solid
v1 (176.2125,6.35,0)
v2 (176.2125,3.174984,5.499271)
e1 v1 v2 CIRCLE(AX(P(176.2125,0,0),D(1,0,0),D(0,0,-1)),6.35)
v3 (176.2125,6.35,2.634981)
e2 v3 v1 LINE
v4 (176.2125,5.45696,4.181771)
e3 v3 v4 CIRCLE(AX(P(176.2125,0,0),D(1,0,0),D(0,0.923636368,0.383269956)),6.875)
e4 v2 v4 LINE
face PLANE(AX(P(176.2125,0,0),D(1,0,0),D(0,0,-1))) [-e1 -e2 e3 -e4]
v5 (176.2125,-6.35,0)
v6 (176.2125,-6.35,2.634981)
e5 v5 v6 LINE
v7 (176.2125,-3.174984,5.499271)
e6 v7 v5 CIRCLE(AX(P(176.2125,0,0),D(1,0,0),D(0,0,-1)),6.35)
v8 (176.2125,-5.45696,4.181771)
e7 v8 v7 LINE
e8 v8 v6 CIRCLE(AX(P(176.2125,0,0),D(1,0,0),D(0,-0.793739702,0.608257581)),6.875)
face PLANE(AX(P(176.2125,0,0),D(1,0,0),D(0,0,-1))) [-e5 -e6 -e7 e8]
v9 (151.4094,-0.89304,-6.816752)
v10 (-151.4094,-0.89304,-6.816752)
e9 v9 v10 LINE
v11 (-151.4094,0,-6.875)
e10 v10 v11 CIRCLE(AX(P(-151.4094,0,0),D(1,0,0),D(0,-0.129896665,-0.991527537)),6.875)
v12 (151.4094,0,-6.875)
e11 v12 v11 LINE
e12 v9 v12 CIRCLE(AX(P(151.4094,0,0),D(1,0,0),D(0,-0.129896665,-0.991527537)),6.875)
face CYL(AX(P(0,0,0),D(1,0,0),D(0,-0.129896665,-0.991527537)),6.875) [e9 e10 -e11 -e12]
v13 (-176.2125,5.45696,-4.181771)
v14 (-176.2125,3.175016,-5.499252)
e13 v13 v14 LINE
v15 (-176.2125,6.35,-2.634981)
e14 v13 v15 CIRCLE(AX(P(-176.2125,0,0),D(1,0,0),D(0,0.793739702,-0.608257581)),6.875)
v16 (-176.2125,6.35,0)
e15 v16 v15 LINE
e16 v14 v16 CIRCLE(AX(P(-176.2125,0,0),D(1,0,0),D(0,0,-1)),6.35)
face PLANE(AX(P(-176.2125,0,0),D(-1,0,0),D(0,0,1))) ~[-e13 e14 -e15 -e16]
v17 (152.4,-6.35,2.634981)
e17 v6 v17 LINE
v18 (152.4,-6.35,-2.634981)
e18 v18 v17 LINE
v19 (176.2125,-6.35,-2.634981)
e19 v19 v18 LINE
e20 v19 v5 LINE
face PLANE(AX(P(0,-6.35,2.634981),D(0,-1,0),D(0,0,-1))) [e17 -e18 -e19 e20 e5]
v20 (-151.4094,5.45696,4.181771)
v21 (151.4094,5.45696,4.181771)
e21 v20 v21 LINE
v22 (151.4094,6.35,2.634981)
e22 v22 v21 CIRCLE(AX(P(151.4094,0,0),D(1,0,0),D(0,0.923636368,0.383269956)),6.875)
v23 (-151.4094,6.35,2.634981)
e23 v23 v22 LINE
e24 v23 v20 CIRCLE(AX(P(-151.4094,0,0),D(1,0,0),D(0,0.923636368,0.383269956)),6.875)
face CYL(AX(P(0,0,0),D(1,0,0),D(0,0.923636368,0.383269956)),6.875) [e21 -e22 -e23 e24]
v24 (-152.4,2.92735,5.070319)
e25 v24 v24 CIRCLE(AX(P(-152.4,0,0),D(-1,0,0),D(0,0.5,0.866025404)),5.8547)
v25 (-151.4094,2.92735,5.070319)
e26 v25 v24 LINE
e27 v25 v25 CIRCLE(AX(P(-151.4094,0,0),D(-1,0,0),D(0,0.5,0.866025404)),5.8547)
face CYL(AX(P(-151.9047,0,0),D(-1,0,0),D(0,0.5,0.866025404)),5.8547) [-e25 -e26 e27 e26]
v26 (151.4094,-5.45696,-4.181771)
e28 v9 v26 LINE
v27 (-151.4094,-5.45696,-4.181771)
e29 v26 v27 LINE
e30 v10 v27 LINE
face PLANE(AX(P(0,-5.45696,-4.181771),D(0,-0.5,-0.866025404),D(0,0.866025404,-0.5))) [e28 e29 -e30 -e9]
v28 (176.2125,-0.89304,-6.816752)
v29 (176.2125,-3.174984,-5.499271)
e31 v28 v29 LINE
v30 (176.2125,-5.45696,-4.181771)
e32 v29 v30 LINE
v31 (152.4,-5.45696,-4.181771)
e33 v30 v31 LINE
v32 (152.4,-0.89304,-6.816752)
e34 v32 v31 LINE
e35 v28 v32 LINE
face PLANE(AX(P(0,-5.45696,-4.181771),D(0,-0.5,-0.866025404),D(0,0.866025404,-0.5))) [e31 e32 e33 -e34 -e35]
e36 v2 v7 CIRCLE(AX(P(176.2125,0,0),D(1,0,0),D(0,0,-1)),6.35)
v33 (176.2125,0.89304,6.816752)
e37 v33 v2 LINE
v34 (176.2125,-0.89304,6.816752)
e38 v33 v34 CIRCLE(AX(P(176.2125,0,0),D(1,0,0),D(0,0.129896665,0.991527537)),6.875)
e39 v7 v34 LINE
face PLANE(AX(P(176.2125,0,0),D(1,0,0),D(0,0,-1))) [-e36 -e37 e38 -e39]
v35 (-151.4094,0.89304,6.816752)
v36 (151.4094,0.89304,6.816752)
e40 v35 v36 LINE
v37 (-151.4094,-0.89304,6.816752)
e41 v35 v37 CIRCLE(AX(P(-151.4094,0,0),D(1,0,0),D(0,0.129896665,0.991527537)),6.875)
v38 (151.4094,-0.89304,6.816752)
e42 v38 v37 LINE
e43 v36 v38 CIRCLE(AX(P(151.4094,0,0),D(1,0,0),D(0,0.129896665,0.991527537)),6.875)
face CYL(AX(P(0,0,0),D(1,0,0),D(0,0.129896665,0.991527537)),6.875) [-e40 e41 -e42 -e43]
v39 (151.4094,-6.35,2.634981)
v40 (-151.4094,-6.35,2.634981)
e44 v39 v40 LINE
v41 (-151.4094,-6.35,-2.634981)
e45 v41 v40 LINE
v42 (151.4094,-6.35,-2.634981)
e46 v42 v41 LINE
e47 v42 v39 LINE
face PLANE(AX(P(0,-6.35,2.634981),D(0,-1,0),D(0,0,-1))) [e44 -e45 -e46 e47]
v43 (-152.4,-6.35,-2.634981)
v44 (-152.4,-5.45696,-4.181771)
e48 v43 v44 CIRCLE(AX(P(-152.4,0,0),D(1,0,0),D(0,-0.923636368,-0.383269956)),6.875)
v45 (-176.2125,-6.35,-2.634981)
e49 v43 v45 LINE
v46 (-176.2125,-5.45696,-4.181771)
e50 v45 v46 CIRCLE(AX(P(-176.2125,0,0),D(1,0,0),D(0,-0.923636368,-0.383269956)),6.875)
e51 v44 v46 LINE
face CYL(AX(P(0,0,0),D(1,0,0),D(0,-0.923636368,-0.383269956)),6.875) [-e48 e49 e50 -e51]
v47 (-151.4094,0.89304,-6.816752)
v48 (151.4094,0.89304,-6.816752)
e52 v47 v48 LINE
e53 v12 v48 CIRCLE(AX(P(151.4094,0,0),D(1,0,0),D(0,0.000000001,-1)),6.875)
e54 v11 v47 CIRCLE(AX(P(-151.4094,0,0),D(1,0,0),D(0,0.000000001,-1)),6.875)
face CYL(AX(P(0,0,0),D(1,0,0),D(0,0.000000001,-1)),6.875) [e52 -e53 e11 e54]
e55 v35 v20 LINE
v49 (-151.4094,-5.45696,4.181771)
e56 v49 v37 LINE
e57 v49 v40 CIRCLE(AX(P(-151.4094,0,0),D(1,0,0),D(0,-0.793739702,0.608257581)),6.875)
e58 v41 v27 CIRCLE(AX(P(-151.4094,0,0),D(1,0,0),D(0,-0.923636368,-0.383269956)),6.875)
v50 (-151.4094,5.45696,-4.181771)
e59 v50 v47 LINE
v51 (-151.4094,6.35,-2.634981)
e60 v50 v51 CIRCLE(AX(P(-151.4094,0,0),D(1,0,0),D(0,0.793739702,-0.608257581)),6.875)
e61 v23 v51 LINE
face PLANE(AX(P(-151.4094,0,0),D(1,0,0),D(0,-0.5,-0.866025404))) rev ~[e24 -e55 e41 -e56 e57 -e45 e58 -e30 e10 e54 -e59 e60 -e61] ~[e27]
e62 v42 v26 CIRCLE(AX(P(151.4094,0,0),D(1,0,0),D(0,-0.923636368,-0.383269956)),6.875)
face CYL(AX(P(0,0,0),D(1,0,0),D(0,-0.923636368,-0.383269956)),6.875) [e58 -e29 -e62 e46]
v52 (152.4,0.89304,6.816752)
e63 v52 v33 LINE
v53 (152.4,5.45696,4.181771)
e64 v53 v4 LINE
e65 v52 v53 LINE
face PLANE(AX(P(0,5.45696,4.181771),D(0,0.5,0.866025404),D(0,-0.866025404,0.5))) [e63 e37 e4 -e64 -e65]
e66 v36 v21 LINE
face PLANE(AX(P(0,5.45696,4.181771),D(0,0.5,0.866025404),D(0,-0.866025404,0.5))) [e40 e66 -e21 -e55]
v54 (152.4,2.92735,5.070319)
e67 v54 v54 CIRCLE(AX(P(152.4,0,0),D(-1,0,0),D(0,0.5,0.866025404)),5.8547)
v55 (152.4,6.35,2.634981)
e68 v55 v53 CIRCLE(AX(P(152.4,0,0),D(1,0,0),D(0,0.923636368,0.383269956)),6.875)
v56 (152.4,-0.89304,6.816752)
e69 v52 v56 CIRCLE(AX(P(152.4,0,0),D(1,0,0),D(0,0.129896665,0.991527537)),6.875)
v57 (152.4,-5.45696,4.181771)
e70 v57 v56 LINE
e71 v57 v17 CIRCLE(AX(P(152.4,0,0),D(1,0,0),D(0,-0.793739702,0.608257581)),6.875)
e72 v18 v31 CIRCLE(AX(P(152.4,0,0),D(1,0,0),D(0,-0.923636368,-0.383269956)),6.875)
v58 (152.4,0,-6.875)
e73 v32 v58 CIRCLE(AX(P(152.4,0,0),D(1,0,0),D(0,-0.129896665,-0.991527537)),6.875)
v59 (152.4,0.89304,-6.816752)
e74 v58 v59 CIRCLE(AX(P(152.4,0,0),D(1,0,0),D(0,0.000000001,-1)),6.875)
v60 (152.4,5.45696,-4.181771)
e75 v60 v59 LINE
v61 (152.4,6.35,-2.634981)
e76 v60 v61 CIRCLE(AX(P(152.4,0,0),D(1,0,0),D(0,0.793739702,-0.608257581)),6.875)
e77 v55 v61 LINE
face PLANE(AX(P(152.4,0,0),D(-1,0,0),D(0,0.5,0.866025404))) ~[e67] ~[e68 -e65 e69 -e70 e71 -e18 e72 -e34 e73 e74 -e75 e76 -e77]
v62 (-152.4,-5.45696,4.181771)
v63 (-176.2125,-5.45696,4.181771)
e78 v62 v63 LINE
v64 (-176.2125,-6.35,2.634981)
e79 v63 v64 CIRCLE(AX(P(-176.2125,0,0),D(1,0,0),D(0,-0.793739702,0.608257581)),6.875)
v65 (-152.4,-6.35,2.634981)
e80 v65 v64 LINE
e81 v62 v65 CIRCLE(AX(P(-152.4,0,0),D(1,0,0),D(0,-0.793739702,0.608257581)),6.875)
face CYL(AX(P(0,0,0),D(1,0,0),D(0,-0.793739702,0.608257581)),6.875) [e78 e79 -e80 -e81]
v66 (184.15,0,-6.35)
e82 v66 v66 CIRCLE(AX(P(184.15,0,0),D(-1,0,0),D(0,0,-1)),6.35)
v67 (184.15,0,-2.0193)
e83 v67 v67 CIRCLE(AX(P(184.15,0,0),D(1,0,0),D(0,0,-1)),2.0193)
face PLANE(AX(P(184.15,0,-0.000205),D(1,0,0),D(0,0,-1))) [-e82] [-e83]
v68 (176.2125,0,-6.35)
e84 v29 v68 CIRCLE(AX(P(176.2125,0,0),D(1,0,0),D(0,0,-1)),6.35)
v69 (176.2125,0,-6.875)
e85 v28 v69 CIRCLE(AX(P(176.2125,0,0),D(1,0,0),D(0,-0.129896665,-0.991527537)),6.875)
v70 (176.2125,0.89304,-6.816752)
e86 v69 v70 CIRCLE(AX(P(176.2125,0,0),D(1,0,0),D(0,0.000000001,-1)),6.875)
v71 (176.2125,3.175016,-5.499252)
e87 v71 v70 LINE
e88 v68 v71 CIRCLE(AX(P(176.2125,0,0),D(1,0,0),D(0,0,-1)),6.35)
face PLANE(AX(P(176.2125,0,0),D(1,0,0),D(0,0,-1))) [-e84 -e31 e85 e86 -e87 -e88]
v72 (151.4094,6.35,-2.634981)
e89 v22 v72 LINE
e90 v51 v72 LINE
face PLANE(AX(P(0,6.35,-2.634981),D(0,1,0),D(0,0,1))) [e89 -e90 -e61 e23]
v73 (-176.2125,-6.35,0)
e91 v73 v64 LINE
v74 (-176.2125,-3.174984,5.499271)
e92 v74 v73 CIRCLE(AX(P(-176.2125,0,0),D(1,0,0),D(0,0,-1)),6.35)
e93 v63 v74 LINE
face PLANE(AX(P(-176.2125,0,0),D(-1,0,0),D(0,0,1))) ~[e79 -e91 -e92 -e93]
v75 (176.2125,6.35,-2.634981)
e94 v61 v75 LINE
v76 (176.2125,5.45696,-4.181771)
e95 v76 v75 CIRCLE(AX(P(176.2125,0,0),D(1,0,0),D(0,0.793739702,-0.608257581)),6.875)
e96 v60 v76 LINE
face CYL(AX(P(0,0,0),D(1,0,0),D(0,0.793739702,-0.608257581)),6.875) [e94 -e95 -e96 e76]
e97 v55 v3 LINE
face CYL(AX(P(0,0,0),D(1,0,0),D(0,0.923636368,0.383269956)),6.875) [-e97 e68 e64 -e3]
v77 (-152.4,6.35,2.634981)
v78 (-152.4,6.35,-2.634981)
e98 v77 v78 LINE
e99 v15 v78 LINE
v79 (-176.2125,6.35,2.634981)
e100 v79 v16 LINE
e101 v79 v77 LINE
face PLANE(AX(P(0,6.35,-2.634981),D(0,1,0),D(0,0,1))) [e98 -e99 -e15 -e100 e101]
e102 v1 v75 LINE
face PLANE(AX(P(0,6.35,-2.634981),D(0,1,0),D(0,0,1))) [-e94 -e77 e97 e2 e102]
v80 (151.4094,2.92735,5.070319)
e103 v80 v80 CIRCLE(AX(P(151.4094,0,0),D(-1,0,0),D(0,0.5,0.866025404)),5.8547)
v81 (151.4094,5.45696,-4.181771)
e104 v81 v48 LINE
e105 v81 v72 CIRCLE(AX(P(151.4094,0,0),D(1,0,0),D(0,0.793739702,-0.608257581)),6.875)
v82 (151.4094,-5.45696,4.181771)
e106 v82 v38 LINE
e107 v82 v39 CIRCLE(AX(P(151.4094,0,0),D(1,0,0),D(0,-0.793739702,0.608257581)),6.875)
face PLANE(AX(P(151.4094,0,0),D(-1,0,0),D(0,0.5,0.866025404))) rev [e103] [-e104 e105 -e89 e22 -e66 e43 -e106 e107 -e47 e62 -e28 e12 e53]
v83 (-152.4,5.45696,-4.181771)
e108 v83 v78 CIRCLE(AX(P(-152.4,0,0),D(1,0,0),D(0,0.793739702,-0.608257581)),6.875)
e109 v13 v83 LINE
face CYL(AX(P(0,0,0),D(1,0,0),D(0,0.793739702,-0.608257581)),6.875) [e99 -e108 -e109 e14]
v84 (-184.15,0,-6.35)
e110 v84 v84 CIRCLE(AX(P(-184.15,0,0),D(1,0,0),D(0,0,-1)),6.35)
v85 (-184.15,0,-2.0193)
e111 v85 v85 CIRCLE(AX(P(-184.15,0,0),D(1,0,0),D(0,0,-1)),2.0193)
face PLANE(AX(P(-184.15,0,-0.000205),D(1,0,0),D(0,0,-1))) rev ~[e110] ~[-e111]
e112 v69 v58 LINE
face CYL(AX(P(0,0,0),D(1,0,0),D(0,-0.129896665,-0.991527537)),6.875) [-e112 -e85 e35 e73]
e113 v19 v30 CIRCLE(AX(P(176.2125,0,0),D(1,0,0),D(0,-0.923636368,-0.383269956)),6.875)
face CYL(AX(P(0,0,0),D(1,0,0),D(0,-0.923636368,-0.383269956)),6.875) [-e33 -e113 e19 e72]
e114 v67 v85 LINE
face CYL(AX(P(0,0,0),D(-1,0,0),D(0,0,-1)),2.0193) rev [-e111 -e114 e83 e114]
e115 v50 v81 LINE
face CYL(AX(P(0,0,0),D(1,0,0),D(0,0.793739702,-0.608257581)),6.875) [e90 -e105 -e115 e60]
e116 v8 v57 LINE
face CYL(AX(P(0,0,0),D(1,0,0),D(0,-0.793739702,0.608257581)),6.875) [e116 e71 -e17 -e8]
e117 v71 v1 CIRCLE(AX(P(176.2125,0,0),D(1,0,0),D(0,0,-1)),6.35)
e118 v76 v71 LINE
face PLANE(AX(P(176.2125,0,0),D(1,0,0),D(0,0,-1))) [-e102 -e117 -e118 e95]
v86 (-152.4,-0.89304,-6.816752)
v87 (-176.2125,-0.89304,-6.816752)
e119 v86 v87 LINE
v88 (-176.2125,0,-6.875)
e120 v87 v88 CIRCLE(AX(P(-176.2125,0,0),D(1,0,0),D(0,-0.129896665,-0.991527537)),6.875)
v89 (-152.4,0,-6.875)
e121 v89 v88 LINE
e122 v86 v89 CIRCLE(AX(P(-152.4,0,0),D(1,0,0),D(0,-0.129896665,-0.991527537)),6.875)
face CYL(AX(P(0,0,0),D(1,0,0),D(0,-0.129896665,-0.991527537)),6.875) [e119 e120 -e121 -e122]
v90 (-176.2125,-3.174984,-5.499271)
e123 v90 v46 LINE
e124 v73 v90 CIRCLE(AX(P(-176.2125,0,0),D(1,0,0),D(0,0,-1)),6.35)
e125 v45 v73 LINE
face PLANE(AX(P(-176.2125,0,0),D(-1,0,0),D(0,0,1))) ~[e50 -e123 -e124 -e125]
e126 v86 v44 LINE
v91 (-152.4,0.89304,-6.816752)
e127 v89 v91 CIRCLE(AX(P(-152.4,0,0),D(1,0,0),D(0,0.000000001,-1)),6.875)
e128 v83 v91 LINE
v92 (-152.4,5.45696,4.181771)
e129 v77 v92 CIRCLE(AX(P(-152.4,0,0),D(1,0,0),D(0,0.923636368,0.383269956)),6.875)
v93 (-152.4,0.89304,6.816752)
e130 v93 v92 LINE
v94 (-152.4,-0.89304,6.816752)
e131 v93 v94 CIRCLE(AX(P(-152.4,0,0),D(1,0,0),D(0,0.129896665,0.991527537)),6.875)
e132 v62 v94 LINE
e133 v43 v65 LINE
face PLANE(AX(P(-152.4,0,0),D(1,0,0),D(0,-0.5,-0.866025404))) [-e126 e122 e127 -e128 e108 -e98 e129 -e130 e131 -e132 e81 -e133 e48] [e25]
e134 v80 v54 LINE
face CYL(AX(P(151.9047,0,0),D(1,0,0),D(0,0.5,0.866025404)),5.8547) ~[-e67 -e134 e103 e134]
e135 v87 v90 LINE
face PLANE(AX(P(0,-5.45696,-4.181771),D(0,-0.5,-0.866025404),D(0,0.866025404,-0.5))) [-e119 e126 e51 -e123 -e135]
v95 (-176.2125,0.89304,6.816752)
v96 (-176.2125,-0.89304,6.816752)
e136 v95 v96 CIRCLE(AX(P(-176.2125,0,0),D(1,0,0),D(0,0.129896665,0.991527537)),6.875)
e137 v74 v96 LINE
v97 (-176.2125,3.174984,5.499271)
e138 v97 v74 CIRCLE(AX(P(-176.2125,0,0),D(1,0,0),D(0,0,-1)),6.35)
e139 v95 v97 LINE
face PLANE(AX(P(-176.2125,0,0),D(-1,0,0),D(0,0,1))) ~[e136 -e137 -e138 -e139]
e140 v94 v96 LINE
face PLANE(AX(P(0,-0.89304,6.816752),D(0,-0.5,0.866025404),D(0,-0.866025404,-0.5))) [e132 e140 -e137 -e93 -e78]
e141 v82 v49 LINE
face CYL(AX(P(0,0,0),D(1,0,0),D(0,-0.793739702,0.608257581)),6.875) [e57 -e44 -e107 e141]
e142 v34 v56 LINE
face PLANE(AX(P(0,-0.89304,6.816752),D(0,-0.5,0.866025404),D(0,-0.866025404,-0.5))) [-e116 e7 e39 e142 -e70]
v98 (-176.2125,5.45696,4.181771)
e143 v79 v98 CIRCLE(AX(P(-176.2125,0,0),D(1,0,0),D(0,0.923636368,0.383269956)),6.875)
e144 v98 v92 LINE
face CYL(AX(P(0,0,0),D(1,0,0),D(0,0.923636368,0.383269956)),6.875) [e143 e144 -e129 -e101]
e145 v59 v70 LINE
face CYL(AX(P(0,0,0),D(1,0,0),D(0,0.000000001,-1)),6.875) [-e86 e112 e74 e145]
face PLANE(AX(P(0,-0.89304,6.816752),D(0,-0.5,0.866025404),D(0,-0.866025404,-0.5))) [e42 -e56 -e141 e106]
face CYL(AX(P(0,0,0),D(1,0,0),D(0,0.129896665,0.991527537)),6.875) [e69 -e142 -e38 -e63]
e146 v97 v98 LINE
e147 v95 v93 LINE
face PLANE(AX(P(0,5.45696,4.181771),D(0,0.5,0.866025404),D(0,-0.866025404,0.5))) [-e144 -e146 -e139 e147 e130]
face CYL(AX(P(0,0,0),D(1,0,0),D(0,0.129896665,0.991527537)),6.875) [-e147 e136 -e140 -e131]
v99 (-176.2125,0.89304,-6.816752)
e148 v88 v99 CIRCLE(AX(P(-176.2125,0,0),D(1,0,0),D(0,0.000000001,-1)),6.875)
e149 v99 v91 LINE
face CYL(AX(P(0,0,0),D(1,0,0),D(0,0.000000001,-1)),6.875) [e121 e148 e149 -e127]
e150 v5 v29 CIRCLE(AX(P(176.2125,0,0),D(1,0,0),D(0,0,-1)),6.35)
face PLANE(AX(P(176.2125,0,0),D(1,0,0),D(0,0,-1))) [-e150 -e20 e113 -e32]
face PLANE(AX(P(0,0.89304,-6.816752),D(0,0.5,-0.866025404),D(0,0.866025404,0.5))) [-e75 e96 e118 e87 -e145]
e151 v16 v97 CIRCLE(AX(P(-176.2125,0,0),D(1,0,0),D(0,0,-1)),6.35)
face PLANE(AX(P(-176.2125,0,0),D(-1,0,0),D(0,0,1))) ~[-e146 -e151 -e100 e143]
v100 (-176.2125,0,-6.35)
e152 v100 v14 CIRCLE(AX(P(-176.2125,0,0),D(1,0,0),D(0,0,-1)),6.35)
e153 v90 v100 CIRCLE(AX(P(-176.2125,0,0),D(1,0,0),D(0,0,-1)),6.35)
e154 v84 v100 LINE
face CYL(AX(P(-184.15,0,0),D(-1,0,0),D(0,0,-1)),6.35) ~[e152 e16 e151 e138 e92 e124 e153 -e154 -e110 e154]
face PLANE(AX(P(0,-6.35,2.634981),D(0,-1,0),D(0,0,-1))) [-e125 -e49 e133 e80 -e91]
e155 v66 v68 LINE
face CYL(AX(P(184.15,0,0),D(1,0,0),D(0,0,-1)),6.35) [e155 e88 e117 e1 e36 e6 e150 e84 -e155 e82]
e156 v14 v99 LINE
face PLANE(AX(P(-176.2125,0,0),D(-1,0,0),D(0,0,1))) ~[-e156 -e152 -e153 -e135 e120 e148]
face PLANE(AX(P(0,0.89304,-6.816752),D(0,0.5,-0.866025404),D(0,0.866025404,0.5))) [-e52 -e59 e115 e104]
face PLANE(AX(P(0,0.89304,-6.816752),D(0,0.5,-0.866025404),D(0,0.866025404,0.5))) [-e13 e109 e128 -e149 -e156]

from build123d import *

# Parameters (mm, degrees)
SKETCH1_R               = 2.0193
BOSS_EXTRUDE1_DEPTH     = 184.15
SKETCH2_R               = 8.89
SKETCH2_R_2             = 6.35
CUT_EXTRUDE_THIN1_DEPTH = 7.9375
SKETCH4_W               = 0.9906
SKETCH4_H               = 2.802626001


with BuildPart() as part:
    # Sketch1 → Boss-Extrude1 (new, symmetric)
    with BuildSketch(Plane(origin=(0, 0, 0), x_dir=(0, 0, -1), z_dir=(1, 0, 0))):
        with BuildLine():
            ThreePointArc((6.874999966, 0), (6.860422465, 0.447468582), (6.816751782, 0.893039571))
            Line((6.816751782, 0.893039571), (4.181770846, 5.456960429))
            ThreePointArc((4.181770846, 5.456960429), (3.437499983, 5.953924622), (2.634980936, 6.35))
            Line((2.634980936, 6.35), (-2.634980936, 6.35))
            ThreePointArc((-2.634980936, 6.35), (-3.437499983, 5.953924622), (-4.181770846, 5.456960429))
            Line((-4.181770846, 5.456960429), (-6.816751782, 0.893039571))
            ThreePointArc((-6.816751782, 0.893039571), (-6.874999966, 0), (-6.816751782, -0.893039571))
            Line((-6.816751782, -0.893039571), (-4.181770846, -5.456960429))
            ThreePointArc((-4.181770846, -5.456960429), (-3.437499983, -5.953924622), (-2.634980936, -6.35))
            Line((-2.634980936, -6.35), (2.634980936, -6.35))
            ThreePointArc((2.634980936, -6.35), (3.437499983, -5.953924622), (4.181770846, -5.456960429))
            Line((4.181770846, -5.456960429), (6.816751782, -0.893039571))
            ThreePointArc((6.816751782, -0.893039571), (6.860422465, -0.447468582), (6.874999966, 0))
        make_face()
        Circle(SKETCH1_R, mode=Mode.SUBTRACT)
    extrude(amount=BOSS_EXTRUDE1_DEPTH, both=True)

    # Sketch2 → Cut-Extrude-Thin1 (cut)
    with BuildSketch(Plane(origin=(184.15, 0, 0), x_dir=(0, 0, -1), z_dir=(1, 0, 0))):
        Circle(SKETCH2_R)
        Circle(SKETCH2_R_2, mode=Mode.SUBTRACT)
    cut_extrude_thin1 = extrude(amount=-CUT_EXTRUDE_THIN1_DEPTH, mode=Mode.SUBTRACT)

    # Mirror1: Cut-Extrude-Thin1 across plane
    add(cut_extrude_thin1.mirror(Plane(origin=(0, 0, 0), x_dir=(0, 0, 1), z_dir=(1, 0, 0))), mode=Mode.SUBTRACT)

    # Sketch4 → Cut-Revolve7 (revolve, cut)
    with BuildSketch(Plane.XY, mode=Mode.PRIVATE) as cut_revolve7_sk:
        with Locations((151.9047, 7.256013001)):
            Rectangle(SKETCH4_W, SKETCH4_H)
    cut_revolve7 = revolve(cut_revolve7_sk.sketch.rotate(Axis((184.15, 0, 0), (-1, 0, 0)), 300), axis=Axis((184.15, 0, 0), (-1, 0, 0)), mode=Mode.SUBTRACT)

    # Mirror2: Cut-Revolve7 across plane
    add(cut_revolve7.mirror(Plane(origin=(0, 0, 0), x_dir=(0, 0, 1), z_dir=(1, 0, 0))), mode=Mode.SUBTRACT)


solid = part.part
